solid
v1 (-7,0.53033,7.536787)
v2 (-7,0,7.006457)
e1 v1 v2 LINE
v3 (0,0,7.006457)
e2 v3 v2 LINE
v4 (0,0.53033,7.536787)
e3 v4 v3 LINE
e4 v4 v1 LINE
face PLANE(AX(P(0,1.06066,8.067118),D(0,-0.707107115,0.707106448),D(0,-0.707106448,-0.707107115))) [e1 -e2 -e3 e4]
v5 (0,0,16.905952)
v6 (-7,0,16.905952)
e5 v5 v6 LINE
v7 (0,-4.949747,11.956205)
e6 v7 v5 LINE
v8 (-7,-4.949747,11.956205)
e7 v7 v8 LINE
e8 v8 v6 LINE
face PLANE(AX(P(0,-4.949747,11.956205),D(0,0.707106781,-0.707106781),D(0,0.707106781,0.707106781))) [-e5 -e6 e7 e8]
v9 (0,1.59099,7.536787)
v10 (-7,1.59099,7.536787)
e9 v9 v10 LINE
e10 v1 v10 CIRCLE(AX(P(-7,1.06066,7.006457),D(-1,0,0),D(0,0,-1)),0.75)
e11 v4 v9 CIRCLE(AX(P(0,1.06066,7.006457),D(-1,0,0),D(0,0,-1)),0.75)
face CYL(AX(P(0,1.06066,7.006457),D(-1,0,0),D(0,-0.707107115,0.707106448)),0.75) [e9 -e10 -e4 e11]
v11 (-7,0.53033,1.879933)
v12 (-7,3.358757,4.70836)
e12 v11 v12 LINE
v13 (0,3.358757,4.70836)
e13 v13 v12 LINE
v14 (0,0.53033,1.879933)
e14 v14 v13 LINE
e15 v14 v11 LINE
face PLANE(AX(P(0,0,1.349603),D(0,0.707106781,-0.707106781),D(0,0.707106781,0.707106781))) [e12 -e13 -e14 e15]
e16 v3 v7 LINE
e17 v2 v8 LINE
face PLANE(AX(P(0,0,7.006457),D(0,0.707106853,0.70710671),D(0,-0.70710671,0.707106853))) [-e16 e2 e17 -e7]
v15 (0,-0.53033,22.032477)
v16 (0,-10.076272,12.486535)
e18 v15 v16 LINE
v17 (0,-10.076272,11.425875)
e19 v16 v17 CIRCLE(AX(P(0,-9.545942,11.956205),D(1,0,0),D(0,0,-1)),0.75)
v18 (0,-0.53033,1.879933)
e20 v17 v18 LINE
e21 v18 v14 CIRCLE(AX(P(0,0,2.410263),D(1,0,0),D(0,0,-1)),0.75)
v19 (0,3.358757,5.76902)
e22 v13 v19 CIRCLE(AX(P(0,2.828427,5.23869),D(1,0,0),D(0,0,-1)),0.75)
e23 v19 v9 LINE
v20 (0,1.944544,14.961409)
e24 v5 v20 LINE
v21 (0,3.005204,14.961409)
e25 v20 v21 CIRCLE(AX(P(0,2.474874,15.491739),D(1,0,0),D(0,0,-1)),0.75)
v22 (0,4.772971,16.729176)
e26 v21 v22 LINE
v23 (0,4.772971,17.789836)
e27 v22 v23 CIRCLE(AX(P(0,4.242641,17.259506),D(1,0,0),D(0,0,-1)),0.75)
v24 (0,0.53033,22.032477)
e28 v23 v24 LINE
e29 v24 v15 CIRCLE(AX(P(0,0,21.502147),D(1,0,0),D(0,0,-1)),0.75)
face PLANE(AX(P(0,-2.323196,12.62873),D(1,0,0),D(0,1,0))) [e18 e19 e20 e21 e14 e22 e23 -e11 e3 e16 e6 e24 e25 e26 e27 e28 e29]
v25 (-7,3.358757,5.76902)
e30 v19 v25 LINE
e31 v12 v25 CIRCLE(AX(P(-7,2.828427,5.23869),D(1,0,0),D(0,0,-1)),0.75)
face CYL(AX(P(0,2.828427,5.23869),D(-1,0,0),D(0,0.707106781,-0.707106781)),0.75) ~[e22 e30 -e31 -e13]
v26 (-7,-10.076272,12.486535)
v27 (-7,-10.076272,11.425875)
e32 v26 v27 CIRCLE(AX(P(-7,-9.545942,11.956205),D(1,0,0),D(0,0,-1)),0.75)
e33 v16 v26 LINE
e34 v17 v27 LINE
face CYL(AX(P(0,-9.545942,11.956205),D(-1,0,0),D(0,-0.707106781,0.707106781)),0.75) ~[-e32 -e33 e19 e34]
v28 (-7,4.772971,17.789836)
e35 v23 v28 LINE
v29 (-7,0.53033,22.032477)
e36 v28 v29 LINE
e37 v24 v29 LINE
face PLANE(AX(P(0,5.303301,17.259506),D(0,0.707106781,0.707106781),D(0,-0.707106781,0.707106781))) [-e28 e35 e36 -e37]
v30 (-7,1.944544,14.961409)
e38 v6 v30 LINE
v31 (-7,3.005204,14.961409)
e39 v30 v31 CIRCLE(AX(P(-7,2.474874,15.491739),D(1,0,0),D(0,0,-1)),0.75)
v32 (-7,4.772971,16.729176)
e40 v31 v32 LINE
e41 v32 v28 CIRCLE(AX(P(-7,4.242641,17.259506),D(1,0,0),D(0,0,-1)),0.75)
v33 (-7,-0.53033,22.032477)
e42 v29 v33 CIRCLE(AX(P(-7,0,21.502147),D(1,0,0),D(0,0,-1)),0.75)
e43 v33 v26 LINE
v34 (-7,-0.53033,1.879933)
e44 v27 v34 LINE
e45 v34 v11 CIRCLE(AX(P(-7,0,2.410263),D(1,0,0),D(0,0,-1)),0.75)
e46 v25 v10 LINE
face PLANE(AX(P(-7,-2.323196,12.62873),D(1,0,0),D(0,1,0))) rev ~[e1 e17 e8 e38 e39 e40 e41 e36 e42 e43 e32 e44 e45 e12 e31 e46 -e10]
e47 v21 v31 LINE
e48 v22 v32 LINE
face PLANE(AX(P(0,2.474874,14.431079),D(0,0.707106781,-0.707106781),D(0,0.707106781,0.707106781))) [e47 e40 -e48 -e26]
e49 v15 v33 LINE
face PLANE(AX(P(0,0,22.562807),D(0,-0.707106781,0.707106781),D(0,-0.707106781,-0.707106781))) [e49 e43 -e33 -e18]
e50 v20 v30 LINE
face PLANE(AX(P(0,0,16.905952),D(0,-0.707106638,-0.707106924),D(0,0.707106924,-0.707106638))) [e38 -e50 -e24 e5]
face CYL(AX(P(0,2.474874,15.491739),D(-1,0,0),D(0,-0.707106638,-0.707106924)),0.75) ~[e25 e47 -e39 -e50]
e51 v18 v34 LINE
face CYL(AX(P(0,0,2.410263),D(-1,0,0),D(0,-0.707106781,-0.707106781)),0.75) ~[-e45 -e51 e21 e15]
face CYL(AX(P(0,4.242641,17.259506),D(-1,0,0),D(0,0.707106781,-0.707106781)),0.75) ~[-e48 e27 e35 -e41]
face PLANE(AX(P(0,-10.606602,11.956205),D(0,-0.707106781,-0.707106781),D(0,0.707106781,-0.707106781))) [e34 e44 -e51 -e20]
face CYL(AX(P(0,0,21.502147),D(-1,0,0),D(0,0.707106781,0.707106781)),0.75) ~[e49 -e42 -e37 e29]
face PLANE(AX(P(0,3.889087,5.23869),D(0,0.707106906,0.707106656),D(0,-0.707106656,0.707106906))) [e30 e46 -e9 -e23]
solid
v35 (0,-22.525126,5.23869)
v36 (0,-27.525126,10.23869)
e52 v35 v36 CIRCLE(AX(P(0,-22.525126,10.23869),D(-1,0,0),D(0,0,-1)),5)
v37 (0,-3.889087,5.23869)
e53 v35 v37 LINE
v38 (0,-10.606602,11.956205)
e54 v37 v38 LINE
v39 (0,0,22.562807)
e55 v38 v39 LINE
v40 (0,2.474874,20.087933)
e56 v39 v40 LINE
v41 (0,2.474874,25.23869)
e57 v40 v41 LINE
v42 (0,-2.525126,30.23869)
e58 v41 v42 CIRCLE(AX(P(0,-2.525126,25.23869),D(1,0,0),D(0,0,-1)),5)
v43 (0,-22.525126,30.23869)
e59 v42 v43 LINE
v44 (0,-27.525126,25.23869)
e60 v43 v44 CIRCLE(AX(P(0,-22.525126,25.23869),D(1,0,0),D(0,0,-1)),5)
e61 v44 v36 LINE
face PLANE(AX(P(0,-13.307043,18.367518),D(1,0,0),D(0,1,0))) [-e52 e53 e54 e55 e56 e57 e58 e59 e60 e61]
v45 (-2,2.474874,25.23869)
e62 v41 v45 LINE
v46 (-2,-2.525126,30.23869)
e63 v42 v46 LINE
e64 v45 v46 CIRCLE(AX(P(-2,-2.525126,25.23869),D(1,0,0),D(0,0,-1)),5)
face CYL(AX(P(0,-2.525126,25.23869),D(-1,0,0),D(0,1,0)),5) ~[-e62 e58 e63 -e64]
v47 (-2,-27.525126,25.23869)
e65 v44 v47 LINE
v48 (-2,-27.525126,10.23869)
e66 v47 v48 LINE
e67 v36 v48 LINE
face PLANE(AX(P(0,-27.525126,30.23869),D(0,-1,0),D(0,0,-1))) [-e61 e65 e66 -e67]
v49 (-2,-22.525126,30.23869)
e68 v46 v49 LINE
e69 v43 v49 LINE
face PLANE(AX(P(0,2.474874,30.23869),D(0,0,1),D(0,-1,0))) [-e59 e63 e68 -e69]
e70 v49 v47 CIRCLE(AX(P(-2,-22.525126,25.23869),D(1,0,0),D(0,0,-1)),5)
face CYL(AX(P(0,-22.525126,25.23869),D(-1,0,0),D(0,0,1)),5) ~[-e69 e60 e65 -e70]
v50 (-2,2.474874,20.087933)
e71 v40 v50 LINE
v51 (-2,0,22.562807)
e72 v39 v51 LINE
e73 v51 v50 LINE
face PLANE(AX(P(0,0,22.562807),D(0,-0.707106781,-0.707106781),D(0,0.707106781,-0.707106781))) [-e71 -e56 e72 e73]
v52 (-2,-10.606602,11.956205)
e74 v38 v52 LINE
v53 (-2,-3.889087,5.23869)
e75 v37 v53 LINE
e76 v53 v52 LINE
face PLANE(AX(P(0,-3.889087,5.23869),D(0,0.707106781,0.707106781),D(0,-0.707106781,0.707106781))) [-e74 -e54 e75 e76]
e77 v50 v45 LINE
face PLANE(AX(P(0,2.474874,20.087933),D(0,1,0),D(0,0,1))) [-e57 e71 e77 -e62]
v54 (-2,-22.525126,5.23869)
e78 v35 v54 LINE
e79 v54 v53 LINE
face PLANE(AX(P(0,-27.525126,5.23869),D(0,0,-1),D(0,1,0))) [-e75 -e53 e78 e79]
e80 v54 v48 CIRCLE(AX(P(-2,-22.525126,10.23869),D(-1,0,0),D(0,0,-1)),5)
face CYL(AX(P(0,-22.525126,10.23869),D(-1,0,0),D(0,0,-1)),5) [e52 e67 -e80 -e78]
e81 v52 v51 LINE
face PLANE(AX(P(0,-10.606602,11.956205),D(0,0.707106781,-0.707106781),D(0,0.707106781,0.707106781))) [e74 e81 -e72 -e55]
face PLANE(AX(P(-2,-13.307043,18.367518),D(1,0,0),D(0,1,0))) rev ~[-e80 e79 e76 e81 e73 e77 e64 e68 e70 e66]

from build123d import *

# Parameters (mm, degrees)
F1_DEPTH = 7
F2_DEPTH = 2
F3_R     = 5
F4_R     = 0.75


with BuildPart() as f1:
    # F0 (on Right) → F1 (new body)
    with BuildSketch(Plane.YZ):
        Polygon((1.06066, 8.067118), (0, 7.006457), (-4.949747, 11.956205), (0, 16.905952), (2.474874, 14.431079), (2.474874, 20.087933), (0, 22.562807), (-10.606602, 11.956205), (-3.889087, 5.23869), (3.889087, 5.23869), align=None)
        Polygon((0, 1.349603), (3.889087, 5.23869), (-3.889087, 5.23869), align=None)
        Polygon((2.474874, 20.087933), (2.474874, 14.431079), (5.303301, 17.259506), align=None)
    extrude(amount=-F1_DEPTH)

    # F4
    f4_edges = [f1.edges().sort_by_distance(p)[0] for p in [
        (-3.5, 2.474874, 14.431079),
        (-3.5, 1.06066, 8.067118),
        (-3.5, 0, 1.349603),
        (-3.5, 3.889087, 5.23869),
        (-3.5, 5.303301, 17.259506),
        (-3.5, 0, 22.562807),
        (-3.5, -10.606602, 11.956205),
    ]]
    fillet(f4_edges, radius=F4_R)


with BuildPart() as f2:
    # F0 (on Right) → F2 (new body)
    with BuildSketch(Plane.YZ):
        Polygon((-27.525126, 5.23869), (-3.889087, 5.23869), (-10.606602, 11.956205), (0, 22.562807), (2.474874, 20.087933), (2.474874, 30.23869), (-27.525126, 30.23869), align=None)
    extrude(amount=-F2_DEPTH)

    # F3
    f3_edges = [f2.edges().sort_by_distance(p)[0] for p in [
        (-1, 2.474874, 30.23869),
        (-1, -27.525126, 30.23869),
        (-1, -27.525126, 5.23869),
    ]]
    fillet(f3_edges, radius=F3_R)


solid = Compound([f1.part, f2.part])
